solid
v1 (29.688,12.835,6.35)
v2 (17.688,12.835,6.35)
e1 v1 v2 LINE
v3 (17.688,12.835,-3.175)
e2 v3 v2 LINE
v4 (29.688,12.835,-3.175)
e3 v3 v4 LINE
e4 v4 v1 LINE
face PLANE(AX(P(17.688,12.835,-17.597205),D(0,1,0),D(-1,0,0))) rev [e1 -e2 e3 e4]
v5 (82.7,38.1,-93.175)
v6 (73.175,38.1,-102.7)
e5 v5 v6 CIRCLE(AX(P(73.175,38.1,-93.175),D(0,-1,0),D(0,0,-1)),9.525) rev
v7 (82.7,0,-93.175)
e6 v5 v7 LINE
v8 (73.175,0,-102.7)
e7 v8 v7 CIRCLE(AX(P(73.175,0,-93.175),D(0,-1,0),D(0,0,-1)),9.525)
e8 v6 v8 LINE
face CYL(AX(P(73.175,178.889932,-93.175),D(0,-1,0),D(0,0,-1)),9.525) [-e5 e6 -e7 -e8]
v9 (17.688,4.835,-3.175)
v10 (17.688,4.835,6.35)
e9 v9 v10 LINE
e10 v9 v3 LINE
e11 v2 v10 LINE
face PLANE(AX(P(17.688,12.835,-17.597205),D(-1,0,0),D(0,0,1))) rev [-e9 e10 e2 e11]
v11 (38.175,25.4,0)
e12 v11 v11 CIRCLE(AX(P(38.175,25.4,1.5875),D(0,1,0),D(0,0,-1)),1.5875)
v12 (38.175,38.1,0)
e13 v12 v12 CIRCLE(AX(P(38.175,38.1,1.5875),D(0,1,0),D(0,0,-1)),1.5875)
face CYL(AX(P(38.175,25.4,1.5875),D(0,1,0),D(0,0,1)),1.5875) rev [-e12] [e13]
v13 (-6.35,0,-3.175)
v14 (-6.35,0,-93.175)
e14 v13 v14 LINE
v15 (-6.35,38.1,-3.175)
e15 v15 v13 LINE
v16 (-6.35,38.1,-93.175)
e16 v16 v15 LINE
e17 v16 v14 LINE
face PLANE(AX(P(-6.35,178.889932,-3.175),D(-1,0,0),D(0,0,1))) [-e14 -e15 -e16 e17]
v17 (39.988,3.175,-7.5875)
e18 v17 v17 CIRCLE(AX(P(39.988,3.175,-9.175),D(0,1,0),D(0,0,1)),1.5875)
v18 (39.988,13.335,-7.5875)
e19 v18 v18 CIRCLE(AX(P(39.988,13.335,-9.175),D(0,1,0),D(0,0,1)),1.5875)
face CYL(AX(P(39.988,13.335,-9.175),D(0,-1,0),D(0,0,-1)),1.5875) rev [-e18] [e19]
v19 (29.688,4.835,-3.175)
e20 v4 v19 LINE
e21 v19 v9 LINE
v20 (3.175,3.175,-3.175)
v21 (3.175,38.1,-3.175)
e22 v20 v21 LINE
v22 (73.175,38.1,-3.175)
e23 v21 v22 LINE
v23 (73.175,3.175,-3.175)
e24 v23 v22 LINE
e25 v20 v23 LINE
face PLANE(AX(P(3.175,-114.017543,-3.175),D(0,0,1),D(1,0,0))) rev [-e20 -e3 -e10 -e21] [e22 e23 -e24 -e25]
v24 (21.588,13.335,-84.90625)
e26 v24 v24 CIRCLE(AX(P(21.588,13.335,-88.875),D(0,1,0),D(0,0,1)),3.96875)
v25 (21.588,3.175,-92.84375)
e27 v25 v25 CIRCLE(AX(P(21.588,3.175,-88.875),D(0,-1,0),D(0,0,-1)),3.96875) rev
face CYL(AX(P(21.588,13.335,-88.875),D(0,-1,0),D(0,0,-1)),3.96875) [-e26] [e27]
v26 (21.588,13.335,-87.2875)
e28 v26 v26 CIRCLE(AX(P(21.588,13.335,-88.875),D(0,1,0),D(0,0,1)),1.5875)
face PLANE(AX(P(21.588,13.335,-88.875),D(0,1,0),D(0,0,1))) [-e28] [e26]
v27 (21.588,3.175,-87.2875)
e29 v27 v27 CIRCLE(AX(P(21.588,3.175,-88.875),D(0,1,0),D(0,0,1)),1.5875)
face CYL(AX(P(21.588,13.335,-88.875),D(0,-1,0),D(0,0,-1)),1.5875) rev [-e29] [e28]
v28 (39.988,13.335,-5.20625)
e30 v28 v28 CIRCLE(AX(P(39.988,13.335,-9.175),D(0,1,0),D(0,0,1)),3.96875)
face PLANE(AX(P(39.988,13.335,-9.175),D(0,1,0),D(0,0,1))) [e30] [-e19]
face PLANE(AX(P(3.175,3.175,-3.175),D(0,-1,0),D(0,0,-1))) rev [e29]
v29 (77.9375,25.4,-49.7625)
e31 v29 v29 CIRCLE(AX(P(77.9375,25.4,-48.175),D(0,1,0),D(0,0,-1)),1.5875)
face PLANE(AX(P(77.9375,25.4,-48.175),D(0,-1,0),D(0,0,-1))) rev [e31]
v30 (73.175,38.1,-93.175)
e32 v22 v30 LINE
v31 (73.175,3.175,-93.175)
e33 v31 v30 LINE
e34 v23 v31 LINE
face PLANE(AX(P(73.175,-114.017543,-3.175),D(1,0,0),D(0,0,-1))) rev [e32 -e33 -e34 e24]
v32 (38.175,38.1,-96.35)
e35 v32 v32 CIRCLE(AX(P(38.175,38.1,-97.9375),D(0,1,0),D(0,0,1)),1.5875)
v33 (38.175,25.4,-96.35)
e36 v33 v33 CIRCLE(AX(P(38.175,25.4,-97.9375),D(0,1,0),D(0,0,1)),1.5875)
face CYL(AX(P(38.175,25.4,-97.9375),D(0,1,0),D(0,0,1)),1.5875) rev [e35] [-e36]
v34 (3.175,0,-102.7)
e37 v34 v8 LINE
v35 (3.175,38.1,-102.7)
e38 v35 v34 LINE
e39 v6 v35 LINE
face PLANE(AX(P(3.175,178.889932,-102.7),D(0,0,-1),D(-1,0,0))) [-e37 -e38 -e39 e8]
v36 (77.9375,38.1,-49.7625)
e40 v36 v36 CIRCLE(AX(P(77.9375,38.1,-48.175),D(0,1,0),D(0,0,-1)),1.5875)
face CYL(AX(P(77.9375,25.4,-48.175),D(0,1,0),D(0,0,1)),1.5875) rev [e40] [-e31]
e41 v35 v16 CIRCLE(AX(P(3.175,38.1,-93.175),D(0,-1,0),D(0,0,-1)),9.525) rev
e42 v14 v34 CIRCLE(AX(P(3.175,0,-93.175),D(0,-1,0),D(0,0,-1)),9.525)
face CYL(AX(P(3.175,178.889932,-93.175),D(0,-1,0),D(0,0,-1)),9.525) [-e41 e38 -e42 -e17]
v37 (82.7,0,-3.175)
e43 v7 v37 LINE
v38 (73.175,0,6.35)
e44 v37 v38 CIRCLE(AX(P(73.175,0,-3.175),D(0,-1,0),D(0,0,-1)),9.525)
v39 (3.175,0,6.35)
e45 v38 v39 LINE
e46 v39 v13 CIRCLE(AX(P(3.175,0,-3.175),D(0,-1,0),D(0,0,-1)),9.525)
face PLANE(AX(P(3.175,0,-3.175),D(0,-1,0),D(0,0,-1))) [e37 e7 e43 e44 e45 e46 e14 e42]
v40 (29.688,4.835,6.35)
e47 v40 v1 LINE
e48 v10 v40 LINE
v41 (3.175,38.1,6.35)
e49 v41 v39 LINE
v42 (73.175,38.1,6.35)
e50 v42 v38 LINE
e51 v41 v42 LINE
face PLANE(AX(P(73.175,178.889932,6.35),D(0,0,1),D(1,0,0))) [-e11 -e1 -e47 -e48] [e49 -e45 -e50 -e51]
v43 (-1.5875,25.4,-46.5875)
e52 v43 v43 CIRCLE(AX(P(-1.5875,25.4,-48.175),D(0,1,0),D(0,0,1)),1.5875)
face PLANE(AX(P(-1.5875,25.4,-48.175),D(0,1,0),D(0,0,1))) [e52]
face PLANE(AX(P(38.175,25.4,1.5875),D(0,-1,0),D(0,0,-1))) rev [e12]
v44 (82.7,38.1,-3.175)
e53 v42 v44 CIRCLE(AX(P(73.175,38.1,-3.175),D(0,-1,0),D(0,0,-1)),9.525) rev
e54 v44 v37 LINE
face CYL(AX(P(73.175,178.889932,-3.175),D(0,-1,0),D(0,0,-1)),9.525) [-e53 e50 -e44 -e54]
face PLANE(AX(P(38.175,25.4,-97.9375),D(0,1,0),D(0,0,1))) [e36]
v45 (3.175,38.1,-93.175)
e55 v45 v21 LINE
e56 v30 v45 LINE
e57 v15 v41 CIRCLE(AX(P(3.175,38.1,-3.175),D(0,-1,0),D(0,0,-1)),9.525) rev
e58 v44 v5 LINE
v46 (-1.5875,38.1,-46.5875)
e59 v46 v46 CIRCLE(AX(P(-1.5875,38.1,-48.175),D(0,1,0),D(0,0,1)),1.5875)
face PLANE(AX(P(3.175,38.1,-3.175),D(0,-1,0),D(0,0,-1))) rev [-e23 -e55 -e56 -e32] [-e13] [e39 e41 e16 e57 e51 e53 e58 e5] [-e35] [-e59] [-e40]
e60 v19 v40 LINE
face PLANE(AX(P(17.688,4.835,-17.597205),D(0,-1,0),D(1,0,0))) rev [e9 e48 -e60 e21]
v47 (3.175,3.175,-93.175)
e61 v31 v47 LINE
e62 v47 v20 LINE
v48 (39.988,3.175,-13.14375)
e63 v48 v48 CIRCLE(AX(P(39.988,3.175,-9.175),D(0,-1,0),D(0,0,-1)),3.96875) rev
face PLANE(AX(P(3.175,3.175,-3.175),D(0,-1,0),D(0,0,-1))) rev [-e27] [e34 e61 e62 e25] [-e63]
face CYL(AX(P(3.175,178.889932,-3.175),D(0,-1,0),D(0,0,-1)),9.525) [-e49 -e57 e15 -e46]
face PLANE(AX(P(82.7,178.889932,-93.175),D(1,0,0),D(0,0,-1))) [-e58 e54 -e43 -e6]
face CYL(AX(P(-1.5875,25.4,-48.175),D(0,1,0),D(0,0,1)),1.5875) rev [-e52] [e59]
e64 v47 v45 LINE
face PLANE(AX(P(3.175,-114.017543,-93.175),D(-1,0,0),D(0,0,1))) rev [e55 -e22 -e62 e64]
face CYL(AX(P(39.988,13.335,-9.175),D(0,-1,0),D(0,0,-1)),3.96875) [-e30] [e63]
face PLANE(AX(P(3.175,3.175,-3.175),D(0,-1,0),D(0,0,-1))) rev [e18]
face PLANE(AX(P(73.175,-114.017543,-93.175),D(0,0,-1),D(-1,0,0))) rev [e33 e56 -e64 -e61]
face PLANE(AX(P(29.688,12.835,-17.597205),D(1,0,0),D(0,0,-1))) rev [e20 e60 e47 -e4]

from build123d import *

# Parameters (mm, degrees)
BOSS_EXTRUDE1_DEPTH = 38.1
SKETCH2_W           = 69.999999954
SKETCH2_H           = 90.000000086
CUT_EXTRUDE1_DEPTH  = 34.925
SKETCH3_R           = 3.96875
SKETCH3_R_2         = 1.5875
BOSS_EXTRUDE2_DEPTH = 10.16
BOSS_EXTRUDE3_DEPTH = 38.1
SKETCH5_R           = 1.5875
CUT_EXTRUDE2_DEPTH  = 12.7
SKETCH7_W           = 12
SKETCH7_H           = 8
CUT_EXTRUDE3_DEPTH  = 9.525


with BuildPart() as part:
    # Sketch1 → Boss-Extrude1 (new body)
    with BuildSketch(Plane(origin=(0, 0, 0), x_dir=(1, 0, 0), z_dir=(0, 1, 0))):
        with BuildLine():
            Line((3.175, 0), (73.174999954, 0))
            ThreePointArc((73.174999954, 0), (75.420063984, 0.92993597), (76.349999954, 3.175))
            Line((76.349999954, 3.175), (76.349999954, 93.175000086))
            ThreePointArc((76.349999954, 93.175000086), (75.420063984, 95.420064116), (73.174999954, 96.350000086))
            Line((73.174999954, 96.350000086), (3.175, 96.350000086))
            ThreePointArc((3.175, 96.350000086), (0.92993597, 95.420064116), (0, 93.175000086))
            Line((0, 93.175000086), (0, 3.175))
            ThreePointArc((0, 3.175), (0.92993597, 0.92993597), (3.175, 0))
        make_face()
    extrude(amount=BOSS_EXTRUDE1_DEPTH)

    # Sketch2 → Cut-Extrude1 (cut)
    with BuildSketch(Plane(origin=(0, 38.1, 0), x_dir=(1, 0, 0), z_dir=(0, 1, 0))):
        with Locations((38.174999977, 48.175000043)):
            Rectangle(SKETCH2_W, SKETCH2_H)
    extrude(amount=-CUT_EXTRUDE1_DEPTH, mode=Mode.SUBTRACT)

    # Sketch3 → Boss-Extrude2 (add)
    # profile 1 of 2: a face of its own
    with BuildSketch(Plane(origin=(0, 3.175, 0), x_dir=(1, 0, 0), z_dir=(0, 1, 0))):
        with Locations(Location((21.587999977, 88.875000043, 0), (0, 0, 90))):
            Circle(SKETCH3_R)
        with Locations(Location((21.587999977, 88.875000043, 0), (0, 0, 270))):
            Circle(SKETCH3_R_2, mode=Mode.SUBTRACT)
    # profile 2 of 2: a face of its own
    with BuildSketch(Plane(origin=(0, 3.175, 0), x_dir=(1, 0, 0), z_dir=(0, 1, 0))):
        with Locations(Location((39.987999977, 9.175000043, 0), (0, 0, 90))):
            Circle(SKETCH3_R)
        with Locations(Location((39.987999977, 9.175000043, 0), (0, 0, 270))):
            Circle(SKETCH3_R_2, mode=Mode.SUBTRACT)
    extrude(amount=BOSS_EXTRUDE2_DEPTH)

    # Sketch4 → Boss-Extrude3 (add)
    with BuildSketch(Plane.XZ):
        with BuildLine():
            Line((-6.35, -3.175), (-6.35, -93.175000086))
            ThreePointArc((-6.35, -93.175000086), (-3.560192091, -99.910192177), (3.175, -102.700000086))
            Line((3.175, -102.700000086), (73.174999954, -102.700000086))
            ThreePointArc((73.174999954, -102.700000086), (79.910192045, -99.910192177), (82.699999954, -93.175000086))
            Line((82.699999954, -93.175000086), (82.699999954, -3.175))
            ThreePointArc((82.699999954, -3.175), (79.910192045, 3.560192091), (73.174999954, 6.35))
            Line((73.174999954, 6.35), (3.175, 6.35))
            ThreePointArc((3.175, 6.35), (-3.560192091, 3.560192091), (-6.35, -3.175))
        make_face()
        with BuildLine():
            Line((0, -3.175), (0, -93.175000086))
            ThreePointArc((0, -93.175000086), (0.92993597, -95.420064116), (3.175, -96.350000086))
            Line((3.175, -96.350000086), (73.174999954, -96.350000086))
            ThreePointArc((73.174999954, -96.350000086), (75.420063984, -95.420064116), (76.349999954, -93.175000086))
            Line((76.349999954, -93.175000086), (76.349999954, -3.175))
            ThreePointArc((76.349999954, -3.175), (75.420063984, -0.92993597), (73.174999954, 0))
            Line((73.174999954, 0), (3.175, 0))
            ThreePointArc((3.175, 0), (0.92993597, -0.92993597), (0, -3.175))
        make_face(mode=Mode.SUBTRACT)
    extrude(amount=-BOSS_EXTRUDE3_DEPTH)

    # Sketch5 → Cut-Extrude2 (cut)
    with BuildSketch(Plane(origin=(0, 38.1, 0), x_dir=(1, 0, 0), z_dir=(0, 1, 0))):
        with Locations(Location((-1.5875, 48.175000043, 0), (0, 0, 270))):
            Circle(SKETCH5_R)
        with Locations(Location((38.174999977, 97.937500086, 0), (0, 0, 270))):
            Circle(SKETCH5_R)
        with Locations(Location((38.174999977, -1.5875, 0), (0, 0, 90))):
            Circle(SKETCH5_R)
        with Locations(Location((77.937499954, 48.175000043, 0), (0, 0, 90))):
            Circle(SKETCH5_R)
    extrude(amount=-CUT_EXTRUDE2_DEPTH, mode=Mode.SUBTRACT)

    # Sketch7 → Cut-Extrude3 (cut)
    with BuildSketch(Plane.XY.offset(6.35)):
        with Locations((23.687999977, 8.835)):
            Rectangle(SKETCH7_W, SKETCH7_H)
    extrude(amount=-CUT_EXTRUDE3_DEPTH, mode=Mode.SUBTRACT)


solid = part.part
